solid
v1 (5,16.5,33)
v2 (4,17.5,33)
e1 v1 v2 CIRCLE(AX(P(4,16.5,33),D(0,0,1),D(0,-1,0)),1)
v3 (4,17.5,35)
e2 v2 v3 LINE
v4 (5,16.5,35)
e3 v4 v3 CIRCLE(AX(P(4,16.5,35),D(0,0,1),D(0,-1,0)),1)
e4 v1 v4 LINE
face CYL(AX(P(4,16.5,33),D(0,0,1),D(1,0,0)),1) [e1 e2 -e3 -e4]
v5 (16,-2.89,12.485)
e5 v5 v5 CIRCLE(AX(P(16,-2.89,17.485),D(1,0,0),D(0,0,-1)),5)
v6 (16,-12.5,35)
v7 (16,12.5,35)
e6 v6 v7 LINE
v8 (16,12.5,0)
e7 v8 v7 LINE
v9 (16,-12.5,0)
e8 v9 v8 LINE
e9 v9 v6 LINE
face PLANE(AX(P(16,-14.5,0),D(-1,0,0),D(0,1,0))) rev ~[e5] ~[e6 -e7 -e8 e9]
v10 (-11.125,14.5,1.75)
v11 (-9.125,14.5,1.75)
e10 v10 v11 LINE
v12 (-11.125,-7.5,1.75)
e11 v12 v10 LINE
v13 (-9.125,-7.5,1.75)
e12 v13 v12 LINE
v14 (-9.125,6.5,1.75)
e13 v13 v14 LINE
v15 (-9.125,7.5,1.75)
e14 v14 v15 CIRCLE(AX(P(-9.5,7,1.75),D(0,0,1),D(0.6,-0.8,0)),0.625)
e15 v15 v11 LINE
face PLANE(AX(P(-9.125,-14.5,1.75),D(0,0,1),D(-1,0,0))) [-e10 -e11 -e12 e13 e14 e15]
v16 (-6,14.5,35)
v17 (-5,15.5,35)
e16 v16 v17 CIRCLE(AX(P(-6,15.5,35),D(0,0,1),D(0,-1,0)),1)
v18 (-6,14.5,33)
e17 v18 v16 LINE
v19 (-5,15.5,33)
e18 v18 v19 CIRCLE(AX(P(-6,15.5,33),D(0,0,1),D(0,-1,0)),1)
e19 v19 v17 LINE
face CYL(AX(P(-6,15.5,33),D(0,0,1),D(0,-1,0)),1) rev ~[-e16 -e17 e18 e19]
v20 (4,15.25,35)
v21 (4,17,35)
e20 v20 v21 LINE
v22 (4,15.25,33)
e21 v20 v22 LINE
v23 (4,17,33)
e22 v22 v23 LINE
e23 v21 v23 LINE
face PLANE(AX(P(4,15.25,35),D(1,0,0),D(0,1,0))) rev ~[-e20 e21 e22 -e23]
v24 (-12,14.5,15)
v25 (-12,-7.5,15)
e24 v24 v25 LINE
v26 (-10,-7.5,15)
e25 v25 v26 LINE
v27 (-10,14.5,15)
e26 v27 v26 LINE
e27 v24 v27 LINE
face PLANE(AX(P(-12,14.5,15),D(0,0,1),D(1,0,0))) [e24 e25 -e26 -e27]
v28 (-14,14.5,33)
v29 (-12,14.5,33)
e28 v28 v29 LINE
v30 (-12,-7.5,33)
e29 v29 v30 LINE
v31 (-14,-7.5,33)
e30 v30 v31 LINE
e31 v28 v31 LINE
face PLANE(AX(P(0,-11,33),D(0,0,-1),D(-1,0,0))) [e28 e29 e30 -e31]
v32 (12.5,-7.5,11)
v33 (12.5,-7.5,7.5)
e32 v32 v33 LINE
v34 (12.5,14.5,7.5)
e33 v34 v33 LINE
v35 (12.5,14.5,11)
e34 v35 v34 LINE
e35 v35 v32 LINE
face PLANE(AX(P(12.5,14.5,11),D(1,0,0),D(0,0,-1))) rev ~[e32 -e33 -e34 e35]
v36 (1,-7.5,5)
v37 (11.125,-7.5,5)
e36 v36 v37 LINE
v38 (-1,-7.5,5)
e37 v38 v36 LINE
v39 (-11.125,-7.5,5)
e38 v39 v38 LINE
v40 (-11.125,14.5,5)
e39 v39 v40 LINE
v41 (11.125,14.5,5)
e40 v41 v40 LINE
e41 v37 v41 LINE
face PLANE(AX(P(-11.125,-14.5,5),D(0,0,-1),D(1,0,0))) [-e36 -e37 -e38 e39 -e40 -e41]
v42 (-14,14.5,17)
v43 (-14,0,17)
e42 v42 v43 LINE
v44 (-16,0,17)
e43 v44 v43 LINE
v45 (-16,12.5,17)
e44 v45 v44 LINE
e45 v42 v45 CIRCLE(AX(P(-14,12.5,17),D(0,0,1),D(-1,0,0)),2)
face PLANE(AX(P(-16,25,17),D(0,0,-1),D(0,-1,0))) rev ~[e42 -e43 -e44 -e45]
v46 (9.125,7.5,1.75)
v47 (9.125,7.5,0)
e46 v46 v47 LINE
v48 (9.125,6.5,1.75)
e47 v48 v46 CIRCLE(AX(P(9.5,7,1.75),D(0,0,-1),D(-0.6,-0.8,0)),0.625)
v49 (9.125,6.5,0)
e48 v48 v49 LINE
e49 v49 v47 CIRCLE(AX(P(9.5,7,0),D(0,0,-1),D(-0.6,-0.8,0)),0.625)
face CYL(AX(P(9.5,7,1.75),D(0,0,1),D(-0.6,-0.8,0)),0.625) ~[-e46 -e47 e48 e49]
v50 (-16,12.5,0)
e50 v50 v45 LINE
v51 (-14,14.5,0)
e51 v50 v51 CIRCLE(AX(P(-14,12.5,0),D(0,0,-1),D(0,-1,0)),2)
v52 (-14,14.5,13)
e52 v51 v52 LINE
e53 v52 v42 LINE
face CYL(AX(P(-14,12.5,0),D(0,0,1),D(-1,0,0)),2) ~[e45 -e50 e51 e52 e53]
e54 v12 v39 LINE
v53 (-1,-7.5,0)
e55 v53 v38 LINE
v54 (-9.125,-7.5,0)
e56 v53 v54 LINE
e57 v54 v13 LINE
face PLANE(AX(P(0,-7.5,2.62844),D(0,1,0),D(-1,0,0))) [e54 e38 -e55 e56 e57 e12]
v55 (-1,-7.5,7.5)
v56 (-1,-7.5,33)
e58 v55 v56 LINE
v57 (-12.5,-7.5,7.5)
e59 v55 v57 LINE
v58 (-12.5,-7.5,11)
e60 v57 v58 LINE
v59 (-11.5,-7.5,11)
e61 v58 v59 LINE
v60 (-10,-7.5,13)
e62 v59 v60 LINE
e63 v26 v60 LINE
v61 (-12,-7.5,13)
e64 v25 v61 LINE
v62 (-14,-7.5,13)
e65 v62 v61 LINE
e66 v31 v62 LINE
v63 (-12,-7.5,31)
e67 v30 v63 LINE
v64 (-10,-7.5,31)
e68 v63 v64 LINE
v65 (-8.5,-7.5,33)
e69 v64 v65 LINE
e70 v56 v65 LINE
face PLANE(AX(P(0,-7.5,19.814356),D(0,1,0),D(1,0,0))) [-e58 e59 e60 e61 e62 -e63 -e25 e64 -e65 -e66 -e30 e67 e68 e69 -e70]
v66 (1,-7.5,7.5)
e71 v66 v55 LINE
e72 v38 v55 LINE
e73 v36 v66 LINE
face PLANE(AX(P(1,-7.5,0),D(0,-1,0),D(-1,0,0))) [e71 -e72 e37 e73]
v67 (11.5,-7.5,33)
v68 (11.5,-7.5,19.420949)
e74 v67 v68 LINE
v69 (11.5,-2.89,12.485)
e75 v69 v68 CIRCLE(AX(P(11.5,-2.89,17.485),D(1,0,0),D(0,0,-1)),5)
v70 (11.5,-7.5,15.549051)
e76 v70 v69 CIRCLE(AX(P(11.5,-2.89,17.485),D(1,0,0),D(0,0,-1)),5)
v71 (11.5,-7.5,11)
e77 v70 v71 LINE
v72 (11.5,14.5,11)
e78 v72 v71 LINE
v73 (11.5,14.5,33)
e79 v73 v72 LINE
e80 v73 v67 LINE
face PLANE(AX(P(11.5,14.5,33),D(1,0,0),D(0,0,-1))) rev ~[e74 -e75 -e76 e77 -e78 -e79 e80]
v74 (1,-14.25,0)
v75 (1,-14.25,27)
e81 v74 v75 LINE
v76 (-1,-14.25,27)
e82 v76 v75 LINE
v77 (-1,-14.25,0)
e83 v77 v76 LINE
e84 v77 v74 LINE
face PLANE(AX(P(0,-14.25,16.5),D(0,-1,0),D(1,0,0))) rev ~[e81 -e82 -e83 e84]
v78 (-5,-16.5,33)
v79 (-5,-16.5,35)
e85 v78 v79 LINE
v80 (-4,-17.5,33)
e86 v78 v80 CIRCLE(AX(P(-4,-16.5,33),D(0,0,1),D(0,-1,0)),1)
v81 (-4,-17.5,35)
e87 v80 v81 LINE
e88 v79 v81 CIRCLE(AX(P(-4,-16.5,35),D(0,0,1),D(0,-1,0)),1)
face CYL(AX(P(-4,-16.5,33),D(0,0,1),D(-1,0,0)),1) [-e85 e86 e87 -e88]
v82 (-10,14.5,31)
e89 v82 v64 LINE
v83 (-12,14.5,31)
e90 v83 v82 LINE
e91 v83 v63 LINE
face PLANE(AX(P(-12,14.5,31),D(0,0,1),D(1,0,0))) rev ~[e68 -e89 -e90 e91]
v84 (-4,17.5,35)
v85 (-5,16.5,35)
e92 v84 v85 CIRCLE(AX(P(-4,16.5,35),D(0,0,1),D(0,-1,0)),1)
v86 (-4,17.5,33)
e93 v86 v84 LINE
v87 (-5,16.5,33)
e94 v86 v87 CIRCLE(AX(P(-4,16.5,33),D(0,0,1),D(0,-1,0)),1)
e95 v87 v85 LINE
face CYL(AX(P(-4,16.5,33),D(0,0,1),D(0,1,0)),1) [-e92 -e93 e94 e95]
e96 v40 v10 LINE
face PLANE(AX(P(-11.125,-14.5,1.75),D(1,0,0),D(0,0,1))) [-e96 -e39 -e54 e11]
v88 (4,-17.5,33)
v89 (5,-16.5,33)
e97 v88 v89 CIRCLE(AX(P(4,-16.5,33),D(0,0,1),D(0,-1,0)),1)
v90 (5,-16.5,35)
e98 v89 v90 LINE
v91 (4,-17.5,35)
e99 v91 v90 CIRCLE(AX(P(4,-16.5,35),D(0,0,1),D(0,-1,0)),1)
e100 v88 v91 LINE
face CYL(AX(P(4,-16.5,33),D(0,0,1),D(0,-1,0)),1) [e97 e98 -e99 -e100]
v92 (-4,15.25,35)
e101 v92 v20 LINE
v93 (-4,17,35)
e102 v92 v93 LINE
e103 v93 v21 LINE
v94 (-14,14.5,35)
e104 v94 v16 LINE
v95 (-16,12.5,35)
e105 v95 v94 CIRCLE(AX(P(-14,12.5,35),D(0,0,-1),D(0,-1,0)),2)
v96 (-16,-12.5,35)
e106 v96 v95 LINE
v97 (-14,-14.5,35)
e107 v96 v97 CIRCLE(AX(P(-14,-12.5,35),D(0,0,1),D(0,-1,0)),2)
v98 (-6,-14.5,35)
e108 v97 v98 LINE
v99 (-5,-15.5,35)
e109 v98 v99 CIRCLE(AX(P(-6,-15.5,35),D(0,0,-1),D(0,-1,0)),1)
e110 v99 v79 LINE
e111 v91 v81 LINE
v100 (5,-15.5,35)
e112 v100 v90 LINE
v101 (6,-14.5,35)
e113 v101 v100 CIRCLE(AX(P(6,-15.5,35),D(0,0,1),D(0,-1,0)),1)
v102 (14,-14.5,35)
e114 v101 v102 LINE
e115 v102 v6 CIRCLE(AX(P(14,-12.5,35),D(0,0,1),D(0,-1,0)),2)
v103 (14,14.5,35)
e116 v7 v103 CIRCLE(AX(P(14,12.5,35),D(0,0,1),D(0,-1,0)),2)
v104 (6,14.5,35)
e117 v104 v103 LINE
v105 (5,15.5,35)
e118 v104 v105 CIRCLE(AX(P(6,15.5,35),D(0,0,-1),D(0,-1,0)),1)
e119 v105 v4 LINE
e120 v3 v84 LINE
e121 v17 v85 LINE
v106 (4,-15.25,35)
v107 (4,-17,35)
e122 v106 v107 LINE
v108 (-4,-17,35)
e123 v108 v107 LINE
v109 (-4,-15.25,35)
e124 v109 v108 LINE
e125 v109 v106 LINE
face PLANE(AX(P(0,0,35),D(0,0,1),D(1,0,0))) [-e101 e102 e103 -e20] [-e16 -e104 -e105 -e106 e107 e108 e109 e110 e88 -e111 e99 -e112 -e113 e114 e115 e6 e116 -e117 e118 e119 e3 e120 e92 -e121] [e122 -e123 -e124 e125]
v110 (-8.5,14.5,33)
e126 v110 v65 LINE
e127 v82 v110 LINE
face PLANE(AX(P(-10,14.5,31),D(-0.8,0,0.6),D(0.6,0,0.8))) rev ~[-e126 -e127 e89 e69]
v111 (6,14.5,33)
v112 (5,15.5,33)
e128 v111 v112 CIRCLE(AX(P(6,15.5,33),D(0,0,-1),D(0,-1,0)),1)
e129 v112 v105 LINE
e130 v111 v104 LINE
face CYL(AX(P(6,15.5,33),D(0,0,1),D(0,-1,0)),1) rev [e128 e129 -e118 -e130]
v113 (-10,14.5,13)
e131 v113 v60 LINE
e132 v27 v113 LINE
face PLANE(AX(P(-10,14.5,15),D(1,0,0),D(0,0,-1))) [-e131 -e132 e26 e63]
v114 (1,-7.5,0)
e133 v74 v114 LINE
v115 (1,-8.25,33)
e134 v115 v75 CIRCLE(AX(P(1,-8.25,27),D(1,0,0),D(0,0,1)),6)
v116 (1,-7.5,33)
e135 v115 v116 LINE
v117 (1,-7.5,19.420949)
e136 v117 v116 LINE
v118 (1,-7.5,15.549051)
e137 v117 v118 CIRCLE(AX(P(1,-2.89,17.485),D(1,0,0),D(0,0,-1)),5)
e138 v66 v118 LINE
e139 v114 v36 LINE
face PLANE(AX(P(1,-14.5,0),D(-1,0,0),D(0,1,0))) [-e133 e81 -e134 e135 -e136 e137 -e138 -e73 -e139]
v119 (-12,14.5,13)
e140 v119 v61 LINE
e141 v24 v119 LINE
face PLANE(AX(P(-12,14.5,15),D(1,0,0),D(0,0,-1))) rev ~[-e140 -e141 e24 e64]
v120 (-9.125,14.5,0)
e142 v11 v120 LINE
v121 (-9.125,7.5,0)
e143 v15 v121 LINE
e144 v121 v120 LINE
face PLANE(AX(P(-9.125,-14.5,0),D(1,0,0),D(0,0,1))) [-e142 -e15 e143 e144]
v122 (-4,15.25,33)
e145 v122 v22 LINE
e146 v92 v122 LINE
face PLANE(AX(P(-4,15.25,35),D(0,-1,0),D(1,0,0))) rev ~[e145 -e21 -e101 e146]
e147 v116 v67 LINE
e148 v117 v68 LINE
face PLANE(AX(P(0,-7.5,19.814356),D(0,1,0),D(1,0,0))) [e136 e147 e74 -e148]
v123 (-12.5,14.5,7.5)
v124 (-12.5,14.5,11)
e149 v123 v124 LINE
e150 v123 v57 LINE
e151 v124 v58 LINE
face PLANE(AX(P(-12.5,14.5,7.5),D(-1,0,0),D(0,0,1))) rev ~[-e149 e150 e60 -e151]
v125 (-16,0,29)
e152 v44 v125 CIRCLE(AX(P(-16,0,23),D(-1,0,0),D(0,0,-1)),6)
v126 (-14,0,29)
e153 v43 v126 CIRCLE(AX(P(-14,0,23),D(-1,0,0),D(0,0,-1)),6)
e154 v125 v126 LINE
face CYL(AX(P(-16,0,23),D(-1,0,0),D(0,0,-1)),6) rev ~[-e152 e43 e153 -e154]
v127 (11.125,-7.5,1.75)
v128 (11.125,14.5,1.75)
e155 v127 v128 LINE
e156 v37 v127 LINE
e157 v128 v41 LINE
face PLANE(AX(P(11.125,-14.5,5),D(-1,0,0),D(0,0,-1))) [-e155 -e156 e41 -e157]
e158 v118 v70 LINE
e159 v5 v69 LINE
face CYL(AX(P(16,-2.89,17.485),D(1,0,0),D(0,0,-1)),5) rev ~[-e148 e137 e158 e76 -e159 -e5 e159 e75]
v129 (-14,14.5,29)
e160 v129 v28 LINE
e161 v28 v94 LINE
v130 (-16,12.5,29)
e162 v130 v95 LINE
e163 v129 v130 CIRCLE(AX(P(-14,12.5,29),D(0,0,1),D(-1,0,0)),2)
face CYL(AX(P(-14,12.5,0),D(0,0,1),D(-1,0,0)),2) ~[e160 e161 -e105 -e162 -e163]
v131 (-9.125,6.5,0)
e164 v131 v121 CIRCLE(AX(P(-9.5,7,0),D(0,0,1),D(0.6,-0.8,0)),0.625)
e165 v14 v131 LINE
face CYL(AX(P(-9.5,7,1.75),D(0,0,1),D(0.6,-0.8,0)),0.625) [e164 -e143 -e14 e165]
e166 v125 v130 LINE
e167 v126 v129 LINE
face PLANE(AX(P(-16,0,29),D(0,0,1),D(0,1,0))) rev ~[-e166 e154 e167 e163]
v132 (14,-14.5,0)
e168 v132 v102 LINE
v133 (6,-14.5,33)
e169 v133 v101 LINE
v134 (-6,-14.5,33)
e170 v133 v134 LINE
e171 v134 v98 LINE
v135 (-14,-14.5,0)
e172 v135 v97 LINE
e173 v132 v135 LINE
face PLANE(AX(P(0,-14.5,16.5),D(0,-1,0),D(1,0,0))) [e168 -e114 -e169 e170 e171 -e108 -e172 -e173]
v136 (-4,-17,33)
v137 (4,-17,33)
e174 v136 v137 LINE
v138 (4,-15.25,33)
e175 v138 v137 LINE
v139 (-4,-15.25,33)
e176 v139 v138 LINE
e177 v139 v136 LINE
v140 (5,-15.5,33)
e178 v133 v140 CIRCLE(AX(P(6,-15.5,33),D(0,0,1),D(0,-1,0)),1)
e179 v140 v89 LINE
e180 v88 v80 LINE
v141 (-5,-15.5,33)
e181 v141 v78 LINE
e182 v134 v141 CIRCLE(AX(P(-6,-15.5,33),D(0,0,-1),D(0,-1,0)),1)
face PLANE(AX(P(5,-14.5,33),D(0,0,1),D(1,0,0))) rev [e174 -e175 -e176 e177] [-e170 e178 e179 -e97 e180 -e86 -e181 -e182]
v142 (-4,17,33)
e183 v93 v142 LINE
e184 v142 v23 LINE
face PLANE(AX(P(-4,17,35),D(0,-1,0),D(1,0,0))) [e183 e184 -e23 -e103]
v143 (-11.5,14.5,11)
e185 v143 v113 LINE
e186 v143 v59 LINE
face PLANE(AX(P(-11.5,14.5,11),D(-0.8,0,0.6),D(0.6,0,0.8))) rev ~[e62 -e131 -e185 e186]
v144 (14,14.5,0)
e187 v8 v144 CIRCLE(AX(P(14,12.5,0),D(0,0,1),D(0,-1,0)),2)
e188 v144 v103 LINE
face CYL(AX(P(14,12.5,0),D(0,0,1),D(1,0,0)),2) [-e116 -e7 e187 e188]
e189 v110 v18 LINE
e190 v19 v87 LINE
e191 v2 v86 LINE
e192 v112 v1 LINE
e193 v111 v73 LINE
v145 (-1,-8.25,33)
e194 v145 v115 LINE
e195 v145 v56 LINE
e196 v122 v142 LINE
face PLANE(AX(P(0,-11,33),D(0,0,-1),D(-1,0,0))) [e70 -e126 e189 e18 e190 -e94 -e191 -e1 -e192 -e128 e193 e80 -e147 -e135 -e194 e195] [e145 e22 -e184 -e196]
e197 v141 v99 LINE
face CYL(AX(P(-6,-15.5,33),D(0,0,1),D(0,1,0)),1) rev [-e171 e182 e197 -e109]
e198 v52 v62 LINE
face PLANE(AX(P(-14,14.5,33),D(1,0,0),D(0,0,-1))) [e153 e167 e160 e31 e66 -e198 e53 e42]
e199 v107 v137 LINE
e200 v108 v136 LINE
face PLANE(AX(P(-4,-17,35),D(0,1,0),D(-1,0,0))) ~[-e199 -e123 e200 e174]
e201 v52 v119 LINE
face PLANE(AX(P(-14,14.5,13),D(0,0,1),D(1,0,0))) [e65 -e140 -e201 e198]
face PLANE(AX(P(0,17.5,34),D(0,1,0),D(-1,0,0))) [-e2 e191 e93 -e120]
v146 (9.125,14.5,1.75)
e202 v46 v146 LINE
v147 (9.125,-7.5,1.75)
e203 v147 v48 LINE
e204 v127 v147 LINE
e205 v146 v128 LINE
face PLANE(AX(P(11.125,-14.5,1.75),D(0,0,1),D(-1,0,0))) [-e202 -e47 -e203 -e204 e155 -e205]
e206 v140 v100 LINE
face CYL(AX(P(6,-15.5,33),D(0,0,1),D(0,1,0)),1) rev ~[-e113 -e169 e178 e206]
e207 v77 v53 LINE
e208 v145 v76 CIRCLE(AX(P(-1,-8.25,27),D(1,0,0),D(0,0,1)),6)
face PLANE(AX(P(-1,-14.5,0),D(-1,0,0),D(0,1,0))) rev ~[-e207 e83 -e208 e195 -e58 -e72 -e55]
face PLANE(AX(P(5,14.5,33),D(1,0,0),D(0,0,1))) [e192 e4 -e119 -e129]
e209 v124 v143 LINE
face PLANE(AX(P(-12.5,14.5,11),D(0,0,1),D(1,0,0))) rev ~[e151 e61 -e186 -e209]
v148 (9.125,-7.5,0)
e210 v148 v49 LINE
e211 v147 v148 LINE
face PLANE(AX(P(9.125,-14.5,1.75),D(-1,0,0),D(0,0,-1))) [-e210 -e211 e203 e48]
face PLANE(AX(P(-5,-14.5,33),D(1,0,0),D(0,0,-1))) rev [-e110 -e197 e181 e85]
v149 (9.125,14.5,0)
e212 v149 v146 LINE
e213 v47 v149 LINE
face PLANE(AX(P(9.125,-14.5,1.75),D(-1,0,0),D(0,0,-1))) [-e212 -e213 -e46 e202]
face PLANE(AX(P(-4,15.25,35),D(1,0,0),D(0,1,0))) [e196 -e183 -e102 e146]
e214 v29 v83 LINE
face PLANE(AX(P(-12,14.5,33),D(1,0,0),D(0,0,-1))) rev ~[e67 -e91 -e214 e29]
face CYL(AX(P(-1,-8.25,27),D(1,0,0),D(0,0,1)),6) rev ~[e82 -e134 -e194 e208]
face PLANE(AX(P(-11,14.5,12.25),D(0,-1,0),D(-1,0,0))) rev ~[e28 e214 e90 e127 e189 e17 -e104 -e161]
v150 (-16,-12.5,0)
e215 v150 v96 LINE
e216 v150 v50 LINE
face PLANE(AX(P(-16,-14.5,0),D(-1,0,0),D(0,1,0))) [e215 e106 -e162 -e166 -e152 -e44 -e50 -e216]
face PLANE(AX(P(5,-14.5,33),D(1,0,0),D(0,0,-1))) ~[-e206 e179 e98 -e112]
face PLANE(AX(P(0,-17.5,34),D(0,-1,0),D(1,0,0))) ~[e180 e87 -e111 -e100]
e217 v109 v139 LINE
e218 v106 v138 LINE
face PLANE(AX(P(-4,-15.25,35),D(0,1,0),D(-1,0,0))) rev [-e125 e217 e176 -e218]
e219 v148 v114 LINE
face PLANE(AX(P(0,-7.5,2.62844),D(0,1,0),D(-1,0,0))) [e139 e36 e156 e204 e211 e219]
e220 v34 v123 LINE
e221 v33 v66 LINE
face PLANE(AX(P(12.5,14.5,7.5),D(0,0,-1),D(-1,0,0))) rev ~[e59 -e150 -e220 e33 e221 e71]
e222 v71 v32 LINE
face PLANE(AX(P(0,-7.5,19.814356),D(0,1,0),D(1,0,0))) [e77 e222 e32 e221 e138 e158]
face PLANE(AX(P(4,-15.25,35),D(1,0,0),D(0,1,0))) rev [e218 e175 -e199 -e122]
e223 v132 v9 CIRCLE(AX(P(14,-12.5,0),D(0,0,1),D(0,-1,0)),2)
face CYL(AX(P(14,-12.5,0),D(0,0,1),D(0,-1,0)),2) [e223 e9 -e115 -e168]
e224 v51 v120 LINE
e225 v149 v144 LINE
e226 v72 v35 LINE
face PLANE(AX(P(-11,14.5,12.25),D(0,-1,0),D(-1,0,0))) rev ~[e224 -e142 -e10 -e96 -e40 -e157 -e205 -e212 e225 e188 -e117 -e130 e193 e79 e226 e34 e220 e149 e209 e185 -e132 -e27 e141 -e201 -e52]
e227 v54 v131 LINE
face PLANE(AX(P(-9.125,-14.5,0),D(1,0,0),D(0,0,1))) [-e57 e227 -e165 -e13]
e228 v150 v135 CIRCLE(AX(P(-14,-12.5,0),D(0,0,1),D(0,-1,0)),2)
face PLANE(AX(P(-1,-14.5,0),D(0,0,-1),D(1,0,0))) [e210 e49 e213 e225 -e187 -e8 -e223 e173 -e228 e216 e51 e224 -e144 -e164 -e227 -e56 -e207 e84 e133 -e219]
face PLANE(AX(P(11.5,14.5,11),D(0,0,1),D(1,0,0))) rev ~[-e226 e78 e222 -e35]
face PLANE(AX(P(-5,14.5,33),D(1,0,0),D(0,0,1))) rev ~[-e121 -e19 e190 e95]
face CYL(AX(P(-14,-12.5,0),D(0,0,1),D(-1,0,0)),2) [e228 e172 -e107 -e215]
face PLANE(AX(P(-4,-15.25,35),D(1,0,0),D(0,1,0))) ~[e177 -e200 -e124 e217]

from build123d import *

# Parameters (mm, degrees)
SKETCH1_W                = 32
SKETCH1_H                = 29
BOSS_EXTRUDE1_DEPTH      = 35
FILLET1_R                = 2
SLOT_FOR_COIL_DEPTH      = 1
SLOT_FOR_COIL_DEPTH_BACK = 30
BOSS_EXTRUDE2_DEPTH      = 7
BOSS_EXTRUDE3_DEPTH      = 1.75
SKETCH5_W                = 2
SKETCH5_H                = 7
CUT_EXTRUDE2_DEPTH       = 33
CUT_EXTRUDE3_DEPTH       = 22
SKETCH7_W                = 2
SKETCH7_H                = 33
BOSS_EXTRUDE4_DEPTH      = 0.25
FILLET2_R                = 6
CUT_EXTRUDE5_DEPTH       = 4.5
SKETCH14_W               = 2.5
SKETCH14_H               = 20
CUT_EXTRUDE6_DEPTH       = 22
SKETCH16_W               = 2
SKETCH16_H               = 2
BOSS_EXTRUDE5_DEPTH      = 22
BOSS_EXTRUDE6_DEPTH      = 22
SKETCH21_W               = 10
SKETCH21_H               = 2
BOSS_EXTRUDE7_DEPTH      = 3
SKETCH23_W               = 8
SKETCH23_H               = 1.75
CUT_EXTRUDE7_DEPTH       = 2
FILLET3_R                = 1
CUT_EXTRUDE8_REACH       = 34
SKETCH26_R               = 5


with BuildPart() as part:
    # Sketch1 → Boss-Extrude1 (new body)
    with BuildSketch(Plane.XY):
        Rectangle(SKETCH1_W, SKETCH1_H)
    extrude(amount=BOSS_EXTRUDE1_DEPTH)

    # Fillet1
    fillet1_edges = [part.edges().sort_by_distance(p)[0] for p in [
        (16, -14.5, 17.5),
        (-16, -14.5, 17.5),
        (-16, 14.5, 17.5),
        (16, 14.5, 17.5),
    ]]
    fillet(fillet1_edges, radius=FILLET1_R)

    # Sketch2 → Slot for Coil (cut, two sides)
    with BuildSketch(Plane.XZ.offset(14.5)) as slot_for_coil_sk:
        Polygon((-9.125, 0), (-9.125, 1.75), (-11.125, 1.75), (-11.125, 5), (11.125, 5), (11.125, 1.75), (9.125, 1.75), (9.125, 0), align=None)
    extrude(amount=SLOT_FOR_COIL_DEPTH, mode=Mode.SUBTRACT)
    extrude(slot_for_coil_sk.sketch, amount=-SLOT_FOR_COIL_DEPTH_BACK, mode=Mode.SUBTRACT)

    # Sketch3 → Boss-Extrude2 (add)
    with BuildSketch(Plane.XZ.offset(14.5)):
        Polygon((-9.125, 0), (-9.125, 1.75), (-11.125, 1.75), (-11.125, 5), (11.125, 5), (11.125, 1.75), (9.125, 1.75), (9.125, 0), align=None)
    extrude(amount=-BOSS_EXTRUDE2_DEPTH)

    # Sketch4 → Boss-Extrude3 (add)
    with BuildSketch(Plane(origin=(0, 0, 1.75), x_dir=(-1, 0, 0), z_dir=(0, 0, -1))):
        with BuildLine():
            Line((-9.125, 7.5), (-9.125, 6.5))
            ThreePointArc((-9.125, 6.5), (-8.875, 7), (-9.125, 7.5))
        make_face()
    boss_extrude3 = extrude(amount=BOSS_EXTRUDE3_DEPTH)

    # Mirror1: Boss-Extrude3 across plane
    add(boss_extrude3.mirror(Plane(origin=(0, 0, 0), x_dir=(0, 0, 1), z_dir=(1, 0, 0))))

    # Sketch5 → Cut-Extrude2 (cut)
    with BuildSketch(Plane(origin=(0, 0, 0), x_dir=(-1, 0, 0), z_dir=(0, 0, -1))):
        with Locations((0, -11)):
            Rectangle(SKETCH5_W, SKETCH5_H)
    extrude(amount=-CUT_EXTRUDE2_DEPTH, mode=Mode.SUBTRACT)

    # Sketch6 → Cut-Extrude3 (cut)
    with BuildSketch(Plane(origin=(0, 14.5, 0), x_dir=(1, 0, 0), z_dir=(0, 1, 0))):
        Polygon((-12.5, -7.5), (-12.5, -11), (-11.5, -11), (-11.5, -33), (11.5, -33), (11.5, -11), (12.5, -11), (12.5, -7.5), align=None)
    extrude(amount=-CUT_EXTRUDE3_DEPTH, mode=Mode.SUBTRACT)

    # Sketch7 → Boss-Extrude4 (add)
    with BuildSketch(Plane.XZ.offset(14.5)):
        with Locations((0, 16.5)):
            Rectangle(SKETCH7_W, SKETCH7_H)
    extrude(amount=-BOSS_EXTRUDE4_DEPTH)

    # Fillet2
    fillet2_edges = [part.edges().sort_by_distance(p)[0] for p in [
        (0, -14.25, 33),
    ]]
    fillet(fillet2_edges, radius=FILLET2_R)

    # Sketch11 → Cut-Extrude5 (cut)
    with BuildSketch(Plane(origin=(-16, 0, 44), x_dir=(0, 0, -1), z_dir=(1, 0, 0))):
        with BuildLine():
            Line((27, 25), (27, 0))
            ThreePointArc((27, 0), (21, -6), (15, 0))
            Line((15, 0), (15, 25))
            ThreePointArc((15, 25), (21, 31), (27, 25))
        make_face()
    extrude(amount=CUT_EXTRUDE5_DEPTH, mode=Mode.SUBTRACT)

    # Sketch14 → Cut-Extrude6 (cut)
    with BuildSketch(Plane(origin=(0, 14.5, 0), x_dir=(1, 0, 0), z_dir=(0, 1, 0))):
        with Locations((-12.75, -23)):
            Rectangle(SKETCH14_W, SKETCH14_H)
    extrude(amount=-CUT_EXTRUDE6_DEPTH, mode=Mode.SUBTRACT)

    # Sketch16 → Boss-Extrude5 (add)
    with BuildSketch(Plane(origin=(0, 14.5, 0), x_dir=(1, 0, 0), z_dir=(0, 1, 0))):
        with Locations((-11, -14)):
            Rectangle(SKETCH16_W, SKETCH16_H)
        with Locations((-11, -32)):
            Rectangle(SKETCH16_W, SKETCH16_H)
    extrude(amount=-BOSS_EXTRUDE5_DEPTH)

    # Sketch20 → Boss-Extrude6 (add)
    with BuildSketch(Plane(origin=(0, 14.5, 0), x_dir=(1, 0, 0), z_dir=(0, 1, 0))):
        Polygon((-11.5, -11), (-10, -13), (-11.5, -13), align=None)
        Polygon((-10, -31), (-8.5, -33), (-10, -33), align=None)
    extrude(amount=-BOSS_EXTRUDE6_DEPTH)

    # Sketch21 → Boss-Extrude7 (add)
    with BuildSketch(Plane(origin=(0, 14.5, 0), x_dir=(-1, 0, 0), z_dir=(0, 1, 0))):
        with Locations((0, 34)):
            Rectangle(SKETCH21_W, SKETCH21_H)
    boss_extrude7 = extrude(amount=BOSS_EXTRUDE7_DEPTH)

    # Sketch23 → Cut-Extrude7 (cut)
    with BuildSketch(Plane.XY.offset(35)):
        with Locations((0, 16.125)):
            Rectangle(SKETCH23_W, SKETCH23_H)
    cut_extrude7 = extrude(amount=-CUT_EXTRUDE7_DEPTH, mode=Mode.SUBTRACT)

    # Mirror3: Boss-Extrude7, Cut-Extrude7 across plane
    add(boss_extrude7.mirror(Plane.ZX))
    add(cut_extrude7.mirror(Plane.ZX), mode=Mode.SUBTRACT)

    # Fillet3
    fillet3_edges = [part.edges().sort_by_distance(p)[0] for p in [
        (5, 14.5, 34),
        (-5, 14.5, 34),
        (5, 17.5, 34),
        (-5, 17.5, 34),
        (5, -17.5, 34),
        (-5, -17.5, 34),
        (5, -14.5, 34),
        (-5, -14.5, 34),
    ]]
    fillet(fillet3_edges, radius=FILLET3_R)

    # Sketch26 → Cut-Extrude8 (cut, up to next)
    with BuildSketch(Plane(origin=(16, 0, 0), x_dir=(0, 0, -1), z_dir=(1, 0, 0)), mode=Mode.PRIVATE) as cut_extrude8_sk1:
        with Locations((-17.485, -2.89)):
            Circle(SKETCH26_R)
    cut_extrude8_tool1 = extrude(cut_extrude8_sk1.sketch, amount=-CUT_EXTRUDE8_REACH, mode=Mode.PRIVATE) & part.part
    add(cut_extrude8_tool1.solids().sort_by_distance((16, -2.89, 17.485))[0], mode=Mode.SUBTRACT)


solid = part.part
